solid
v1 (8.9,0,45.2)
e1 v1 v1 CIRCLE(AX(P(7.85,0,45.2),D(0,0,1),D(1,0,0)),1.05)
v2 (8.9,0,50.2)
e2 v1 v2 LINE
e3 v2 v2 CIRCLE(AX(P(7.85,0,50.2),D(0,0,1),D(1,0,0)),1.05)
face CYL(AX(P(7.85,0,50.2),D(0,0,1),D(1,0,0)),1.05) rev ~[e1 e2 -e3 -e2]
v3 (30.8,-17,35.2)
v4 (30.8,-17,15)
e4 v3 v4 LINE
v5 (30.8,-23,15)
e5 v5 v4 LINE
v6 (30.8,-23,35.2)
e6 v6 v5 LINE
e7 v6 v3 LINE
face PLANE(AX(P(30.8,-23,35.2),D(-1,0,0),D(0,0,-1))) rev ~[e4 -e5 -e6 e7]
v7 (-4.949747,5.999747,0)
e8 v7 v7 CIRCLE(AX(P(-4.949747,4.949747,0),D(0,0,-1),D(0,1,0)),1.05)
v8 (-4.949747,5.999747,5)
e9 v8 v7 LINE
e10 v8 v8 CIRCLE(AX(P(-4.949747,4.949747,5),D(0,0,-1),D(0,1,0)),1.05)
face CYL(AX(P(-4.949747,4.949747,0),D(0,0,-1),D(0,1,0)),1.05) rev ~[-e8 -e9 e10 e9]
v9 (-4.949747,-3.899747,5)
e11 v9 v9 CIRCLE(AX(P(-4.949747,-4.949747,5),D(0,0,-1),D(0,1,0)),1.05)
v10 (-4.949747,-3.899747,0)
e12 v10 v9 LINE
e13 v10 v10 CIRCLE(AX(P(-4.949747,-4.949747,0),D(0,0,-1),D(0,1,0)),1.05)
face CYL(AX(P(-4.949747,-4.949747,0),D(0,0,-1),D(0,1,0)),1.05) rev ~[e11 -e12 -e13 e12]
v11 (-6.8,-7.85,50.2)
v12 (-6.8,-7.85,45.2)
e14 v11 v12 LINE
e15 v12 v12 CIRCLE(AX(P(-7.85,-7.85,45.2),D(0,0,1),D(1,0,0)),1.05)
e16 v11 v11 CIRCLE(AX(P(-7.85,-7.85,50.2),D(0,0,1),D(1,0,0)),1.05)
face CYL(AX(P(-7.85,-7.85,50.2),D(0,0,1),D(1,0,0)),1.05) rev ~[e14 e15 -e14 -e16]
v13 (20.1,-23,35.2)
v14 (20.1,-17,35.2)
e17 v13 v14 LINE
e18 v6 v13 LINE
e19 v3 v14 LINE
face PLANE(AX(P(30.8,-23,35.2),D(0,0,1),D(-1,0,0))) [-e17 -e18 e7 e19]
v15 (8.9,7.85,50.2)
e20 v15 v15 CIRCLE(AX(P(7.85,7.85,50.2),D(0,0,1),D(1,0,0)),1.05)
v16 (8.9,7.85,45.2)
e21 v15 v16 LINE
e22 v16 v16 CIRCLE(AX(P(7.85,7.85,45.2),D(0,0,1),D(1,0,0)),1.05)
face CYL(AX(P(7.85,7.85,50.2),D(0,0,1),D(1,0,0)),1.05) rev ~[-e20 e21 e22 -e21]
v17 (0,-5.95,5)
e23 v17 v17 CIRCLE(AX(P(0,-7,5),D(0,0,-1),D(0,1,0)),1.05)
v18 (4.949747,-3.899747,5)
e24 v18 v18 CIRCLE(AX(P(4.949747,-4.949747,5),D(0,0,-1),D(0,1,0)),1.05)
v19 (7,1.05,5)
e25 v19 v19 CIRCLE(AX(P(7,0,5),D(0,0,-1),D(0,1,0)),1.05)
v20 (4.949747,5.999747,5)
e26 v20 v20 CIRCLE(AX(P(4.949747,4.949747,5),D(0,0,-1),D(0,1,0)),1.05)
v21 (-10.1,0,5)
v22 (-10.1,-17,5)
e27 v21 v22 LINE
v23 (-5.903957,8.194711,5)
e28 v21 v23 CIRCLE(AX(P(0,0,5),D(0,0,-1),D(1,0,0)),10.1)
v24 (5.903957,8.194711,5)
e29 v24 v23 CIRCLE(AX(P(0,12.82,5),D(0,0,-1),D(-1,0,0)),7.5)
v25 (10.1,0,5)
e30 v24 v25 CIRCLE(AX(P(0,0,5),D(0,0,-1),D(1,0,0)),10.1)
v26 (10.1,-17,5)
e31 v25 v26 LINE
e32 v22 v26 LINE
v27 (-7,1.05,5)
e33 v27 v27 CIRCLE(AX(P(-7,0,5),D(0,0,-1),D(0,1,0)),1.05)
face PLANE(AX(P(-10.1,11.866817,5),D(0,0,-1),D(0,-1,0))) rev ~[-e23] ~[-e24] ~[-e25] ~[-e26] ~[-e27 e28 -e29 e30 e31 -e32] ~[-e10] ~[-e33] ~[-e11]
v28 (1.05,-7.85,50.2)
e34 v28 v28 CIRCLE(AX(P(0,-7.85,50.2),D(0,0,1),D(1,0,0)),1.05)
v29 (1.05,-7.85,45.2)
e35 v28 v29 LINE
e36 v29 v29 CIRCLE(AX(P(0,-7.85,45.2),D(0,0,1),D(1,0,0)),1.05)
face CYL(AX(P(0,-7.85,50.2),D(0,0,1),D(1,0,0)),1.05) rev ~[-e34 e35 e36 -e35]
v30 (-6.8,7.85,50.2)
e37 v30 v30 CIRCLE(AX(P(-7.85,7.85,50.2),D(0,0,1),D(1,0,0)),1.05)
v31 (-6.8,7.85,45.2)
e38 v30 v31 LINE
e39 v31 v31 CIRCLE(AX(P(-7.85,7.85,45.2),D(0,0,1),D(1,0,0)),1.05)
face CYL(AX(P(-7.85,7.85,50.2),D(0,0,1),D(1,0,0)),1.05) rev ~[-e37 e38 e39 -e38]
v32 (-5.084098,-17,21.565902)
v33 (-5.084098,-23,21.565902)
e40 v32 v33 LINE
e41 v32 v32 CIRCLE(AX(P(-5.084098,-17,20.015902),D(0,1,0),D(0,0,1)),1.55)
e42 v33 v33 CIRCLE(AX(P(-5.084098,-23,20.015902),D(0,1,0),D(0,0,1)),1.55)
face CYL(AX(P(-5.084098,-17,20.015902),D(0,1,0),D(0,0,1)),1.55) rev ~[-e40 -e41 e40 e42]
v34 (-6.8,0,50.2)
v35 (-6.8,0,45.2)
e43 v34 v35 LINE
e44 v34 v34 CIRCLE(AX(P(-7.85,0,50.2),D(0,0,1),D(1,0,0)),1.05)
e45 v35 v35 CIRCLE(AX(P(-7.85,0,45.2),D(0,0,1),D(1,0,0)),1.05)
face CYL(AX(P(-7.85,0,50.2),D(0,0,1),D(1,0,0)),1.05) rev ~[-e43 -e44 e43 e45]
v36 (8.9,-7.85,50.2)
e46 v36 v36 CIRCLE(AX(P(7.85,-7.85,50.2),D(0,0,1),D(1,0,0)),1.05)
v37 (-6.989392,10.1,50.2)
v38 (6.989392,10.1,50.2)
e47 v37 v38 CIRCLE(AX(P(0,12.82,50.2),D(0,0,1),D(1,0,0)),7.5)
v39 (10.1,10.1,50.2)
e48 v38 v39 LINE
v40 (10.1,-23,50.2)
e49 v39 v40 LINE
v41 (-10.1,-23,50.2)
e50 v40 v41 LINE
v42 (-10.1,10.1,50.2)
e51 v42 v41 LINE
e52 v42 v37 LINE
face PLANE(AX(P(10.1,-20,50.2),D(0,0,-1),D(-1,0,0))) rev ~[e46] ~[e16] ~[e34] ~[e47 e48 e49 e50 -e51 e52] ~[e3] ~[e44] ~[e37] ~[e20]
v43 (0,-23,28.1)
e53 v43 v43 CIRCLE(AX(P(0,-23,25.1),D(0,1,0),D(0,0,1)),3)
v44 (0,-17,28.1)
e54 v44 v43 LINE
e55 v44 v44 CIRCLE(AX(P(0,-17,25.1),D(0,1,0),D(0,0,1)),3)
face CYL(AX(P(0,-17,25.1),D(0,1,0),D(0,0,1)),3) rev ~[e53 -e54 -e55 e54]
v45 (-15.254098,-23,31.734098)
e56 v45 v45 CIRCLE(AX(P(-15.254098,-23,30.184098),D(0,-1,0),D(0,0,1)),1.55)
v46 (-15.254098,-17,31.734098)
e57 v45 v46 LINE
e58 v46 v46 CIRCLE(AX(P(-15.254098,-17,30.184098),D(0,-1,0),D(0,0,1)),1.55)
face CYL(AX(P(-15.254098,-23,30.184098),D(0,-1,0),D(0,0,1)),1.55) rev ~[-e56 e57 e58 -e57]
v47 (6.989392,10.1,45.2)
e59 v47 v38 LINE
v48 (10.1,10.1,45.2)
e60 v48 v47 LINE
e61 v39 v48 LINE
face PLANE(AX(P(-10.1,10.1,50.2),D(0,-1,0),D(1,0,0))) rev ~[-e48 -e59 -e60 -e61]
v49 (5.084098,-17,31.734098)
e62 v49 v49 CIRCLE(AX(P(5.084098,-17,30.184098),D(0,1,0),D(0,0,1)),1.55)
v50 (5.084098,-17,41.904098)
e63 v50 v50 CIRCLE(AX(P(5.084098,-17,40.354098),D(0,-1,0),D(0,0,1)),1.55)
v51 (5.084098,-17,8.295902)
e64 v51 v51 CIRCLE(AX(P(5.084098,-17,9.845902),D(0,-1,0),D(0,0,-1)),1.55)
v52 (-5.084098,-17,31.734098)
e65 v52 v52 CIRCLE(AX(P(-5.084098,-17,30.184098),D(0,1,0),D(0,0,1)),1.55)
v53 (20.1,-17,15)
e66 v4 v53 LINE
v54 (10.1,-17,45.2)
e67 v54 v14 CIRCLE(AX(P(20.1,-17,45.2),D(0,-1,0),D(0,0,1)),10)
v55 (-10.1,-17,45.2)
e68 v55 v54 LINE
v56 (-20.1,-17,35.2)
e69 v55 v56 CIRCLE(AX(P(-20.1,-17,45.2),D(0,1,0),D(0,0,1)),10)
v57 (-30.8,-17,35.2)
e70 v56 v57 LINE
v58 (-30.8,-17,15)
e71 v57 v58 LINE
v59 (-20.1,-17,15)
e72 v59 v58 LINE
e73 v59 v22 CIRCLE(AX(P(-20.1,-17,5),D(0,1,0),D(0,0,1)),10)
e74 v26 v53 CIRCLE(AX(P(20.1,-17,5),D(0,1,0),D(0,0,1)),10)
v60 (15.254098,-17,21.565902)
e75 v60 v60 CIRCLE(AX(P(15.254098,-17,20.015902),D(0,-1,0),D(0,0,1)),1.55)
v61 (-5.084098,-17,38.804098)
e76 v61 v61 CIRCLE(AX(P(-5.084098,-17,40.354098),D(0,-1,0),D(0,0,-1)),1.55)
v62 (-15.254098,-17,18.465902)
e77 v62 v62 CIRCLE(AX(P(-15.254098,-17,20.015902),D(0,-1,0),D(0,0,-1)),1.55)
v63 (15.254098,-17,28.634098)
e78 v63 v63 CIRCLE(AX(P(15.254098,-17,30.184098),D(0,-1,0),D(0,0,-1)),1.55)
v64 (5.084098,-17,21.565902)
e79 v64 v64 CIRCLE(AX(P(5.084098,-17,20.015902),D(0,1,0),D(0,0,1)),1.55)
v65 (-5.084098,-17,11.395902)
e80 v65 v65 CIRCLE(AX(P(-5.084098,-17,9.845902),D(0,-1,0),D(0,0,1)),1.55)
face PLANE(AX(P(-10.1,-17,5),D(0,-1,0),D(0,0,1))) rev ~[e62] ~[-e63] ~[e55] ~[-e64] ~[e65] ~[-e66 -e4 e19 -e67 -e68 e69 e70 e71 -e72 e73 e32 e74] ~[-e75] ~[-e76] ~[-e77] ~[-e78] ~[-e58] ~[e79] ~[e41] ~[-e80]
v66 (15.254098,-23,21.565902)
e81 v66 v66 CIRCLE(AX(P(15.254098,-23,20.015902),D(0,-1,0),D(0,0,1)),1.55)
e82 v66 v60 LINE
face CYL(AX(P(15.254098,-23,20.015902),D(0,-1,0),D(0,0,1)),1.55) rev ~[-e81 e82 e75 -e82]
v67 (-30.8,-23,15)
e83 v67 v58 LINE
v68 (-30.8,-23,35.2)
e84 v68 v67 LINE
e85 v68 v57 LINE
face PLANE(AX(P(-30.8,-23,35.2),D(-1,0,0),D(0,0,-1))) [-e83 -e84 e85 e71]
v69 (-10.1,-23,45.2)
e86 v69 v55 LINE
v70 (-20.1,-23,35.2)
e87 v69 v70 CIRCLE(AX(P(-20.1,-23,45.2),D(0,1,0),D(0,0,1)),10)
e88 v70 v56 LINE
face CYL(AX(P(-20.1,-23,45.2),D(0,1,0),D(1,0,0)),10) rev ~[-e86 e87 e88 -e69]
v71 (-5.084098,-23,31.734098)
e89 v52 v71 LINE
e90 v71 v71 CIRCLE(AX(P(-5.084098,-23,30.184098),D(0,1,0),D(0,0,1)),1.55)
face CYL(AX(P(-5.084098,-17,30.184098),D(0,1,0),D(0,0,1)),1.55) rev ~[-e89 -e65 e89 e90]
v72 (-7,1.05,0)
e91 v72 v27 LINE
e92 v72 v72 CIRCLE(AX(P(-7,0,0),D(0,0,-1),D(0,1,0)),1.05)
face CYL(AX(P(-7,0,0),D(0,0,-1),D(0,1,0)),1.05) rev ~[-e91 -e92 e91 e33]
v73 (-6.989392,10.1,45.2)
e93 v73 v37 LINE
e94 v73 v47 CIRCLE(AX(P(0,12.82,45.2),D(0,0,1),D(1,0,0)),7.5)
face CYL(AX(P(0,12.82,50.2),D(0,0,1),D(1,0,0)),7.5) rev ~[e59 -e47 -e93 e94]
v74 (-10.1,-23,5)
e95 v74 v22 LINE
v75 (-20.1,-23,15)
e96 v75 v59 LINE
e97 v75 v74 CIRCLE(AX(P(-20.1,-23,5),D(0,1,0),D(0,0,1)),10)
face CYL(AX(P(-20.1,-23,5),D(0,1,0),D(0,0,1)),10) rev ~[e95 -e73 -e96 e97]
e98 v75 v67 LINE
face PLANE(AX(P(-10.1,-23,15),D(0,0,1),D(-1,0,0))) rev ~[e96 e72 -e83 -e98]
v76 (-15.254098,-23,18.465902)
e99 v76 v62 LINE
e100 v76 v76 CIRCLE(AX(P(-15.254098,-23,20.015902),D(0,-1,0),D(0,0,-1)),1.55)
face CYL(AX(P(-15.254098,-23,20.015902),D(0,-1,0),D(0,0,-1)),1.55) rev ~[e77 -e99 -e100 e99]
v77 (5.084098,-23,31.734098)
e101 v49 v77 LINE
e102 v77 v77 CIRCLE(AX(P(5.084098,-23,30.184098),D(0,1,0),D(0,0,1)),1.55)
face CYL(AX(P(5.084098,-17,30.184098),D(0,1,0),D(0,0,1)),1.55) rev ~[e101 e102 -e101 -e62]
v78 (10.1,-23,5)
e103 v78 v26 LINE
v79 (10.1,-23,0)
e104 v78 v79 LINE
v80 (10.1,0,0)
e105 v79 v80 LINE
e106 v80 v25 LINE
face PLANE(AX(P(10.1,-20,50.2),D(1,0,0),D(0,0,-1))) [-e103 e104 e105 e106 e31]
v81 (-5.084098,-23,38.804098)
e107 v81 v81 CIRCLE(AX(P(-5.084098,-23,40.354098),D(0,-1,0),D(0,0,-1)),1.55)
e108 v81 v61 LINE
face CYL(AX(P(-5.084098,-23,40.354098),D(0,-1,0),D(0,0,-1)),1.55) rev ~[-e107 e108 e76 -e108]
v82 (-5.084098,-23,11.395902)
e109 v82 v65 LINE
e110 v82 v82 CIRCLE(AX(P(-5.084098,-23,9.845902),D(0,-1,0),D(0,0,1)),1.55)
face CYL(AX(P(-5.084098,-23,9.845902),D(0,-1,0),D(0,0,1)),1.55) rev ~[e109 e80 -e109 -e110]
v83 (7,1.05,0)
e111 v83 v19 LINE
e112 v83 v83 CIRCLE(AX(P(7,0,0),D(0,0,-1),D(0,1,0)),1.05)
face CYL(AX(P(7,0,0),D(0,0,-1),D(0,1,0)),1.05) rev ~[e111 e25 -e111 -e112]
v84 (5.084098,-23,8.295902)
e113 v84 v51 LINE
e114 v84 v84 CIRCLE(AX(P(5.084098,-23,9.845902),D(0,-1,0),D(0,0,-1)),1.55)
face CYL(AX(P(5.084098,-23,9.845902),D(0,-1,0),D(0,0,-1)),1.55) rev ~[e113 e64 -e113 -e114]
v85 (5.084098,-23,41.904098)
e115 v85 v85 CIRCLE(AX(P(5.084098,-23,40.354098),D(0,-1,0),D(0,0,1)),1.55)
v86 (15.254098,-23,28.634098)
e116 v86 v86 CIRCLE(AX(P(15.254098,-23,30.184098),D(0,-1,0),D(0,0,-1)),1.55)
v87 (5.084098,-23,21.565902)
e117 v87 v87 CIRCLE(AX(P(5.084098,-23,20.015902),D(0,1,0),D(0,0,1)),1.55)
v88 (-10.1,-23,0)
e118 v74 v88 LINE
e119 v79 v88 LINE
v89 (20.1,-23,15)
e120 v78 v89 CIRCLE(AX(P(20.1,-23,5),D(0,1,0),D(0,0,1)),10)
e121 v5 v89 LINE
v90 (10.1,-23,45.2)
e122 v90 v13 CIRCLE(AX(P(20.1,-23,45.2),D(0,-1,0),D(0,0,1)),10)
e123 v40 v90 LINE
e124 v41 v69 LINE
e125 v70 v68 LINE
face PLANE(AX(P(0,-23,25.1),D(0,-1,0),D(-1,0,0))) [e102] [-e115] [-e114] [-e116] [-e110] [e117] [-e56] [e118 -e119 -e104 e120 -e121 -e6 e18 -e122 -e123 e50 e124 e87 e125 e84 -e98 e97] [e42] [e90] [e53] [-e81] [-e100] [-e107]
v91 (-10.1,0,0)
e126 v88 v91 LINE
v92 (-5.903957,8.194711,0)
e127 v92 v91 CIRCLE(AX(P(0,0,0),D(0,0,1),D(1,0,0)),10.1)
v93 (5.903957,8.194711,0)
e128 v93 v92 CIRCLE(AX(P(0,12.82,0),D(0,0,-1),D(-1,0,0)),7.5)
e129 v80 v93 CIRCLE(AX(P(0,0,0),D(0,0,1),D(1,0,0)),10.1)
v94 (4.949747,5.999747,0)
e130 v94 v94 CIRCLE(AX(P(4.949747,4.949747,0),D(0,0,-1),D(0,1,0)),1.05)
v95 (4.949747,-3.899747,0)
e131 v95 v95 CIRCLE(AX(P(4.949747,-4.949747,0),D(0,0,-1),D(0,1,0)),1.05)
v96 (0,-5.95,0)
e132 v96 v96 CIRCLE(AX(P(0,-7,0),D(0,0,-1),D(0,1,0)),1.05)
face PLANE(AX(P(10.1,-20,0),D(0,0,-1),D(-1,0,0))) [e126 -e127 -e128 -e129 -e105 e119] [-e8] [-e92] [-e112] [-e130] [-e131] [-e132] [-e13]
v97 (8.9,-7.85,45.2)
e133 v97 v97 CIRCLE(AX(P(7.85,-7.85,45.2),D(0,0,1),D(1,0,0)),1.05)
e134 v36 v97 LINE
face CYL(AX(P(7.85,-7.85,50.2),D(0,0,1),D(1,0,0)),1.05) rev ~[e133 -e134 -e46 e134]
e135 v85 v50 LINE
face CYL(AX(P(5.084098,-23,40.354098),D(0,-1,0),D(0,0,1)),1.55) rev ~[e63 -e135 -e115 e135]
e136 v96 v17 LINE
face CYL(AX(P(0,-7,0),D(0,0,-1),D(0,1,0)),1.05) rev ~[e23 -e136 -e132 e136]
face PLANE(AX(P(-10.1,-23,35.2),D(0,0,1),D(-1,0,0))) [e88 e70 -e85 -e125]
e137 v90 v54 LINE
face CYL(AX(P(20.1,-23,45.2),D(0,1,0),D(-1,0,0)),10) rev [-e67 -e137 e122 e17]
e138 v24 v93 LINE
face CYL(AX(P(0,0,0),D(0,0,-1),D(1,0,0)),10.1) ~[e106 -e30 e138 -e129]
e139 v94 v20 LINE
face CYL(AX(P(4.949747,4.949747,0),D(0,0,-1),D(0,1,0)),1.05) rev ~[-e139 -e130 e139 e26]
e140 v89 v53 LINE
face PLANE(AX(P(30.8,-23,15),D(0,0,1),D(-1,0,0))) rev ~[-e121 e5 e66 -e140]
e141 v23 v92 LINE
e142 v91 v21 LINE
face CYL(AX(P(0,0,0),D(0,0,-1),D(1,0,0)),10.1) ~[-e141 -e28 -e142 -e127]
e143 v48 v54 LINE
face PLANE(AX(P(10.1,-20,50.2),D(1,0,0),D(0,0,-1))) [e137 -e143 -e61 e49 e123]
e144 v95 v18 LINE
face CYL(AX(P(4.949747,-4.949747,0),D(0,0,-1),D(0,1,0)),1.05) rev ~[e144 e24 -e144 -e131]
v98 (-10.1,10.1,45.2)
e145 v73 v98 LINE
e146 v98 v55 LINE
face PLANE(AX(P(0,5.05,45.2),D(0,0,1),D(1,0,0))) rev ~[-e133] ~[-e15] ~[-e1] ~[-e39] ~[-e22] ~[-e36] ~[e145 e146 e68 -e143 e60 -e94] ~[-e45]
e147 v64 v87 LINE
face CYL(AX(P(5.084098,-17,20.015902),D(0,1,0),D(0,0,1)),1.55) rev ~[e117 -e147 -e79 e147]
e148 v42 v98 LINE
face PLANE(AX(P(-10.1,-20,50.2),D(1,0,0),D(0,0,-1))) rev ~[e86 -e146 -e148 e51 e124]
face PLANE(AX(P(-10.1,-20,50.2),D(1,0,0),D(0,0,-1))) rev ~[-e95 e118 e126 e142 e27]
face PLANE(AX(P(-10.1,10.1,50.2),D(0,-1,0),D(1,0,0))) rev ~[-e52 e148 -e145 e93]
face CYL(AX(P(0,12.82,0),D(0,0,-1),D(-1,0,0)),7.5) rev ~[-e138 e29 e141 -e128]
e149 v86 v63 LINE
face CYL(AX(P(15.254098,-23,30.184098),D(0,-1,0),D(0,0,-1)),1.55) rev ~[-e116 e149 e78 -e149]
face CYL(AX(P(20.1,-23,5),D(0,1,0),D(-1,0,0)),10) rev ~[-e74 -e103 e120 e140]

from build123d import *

# Parameters (mm, degrees)
BOSS_EXTRUDE1_DEPTH = 50.2
CUT_EXTRUDE2_DEPTH  = 44.2
SKETCH3_W           = 20.2
SKETCH3_H           = 10.1
BOSS_EXTRUDE2_DEPTH = 5
SKETCH4_R           = 1.05
CUT_EXTRUDE3_DEPTH  = 11
SKETCH5_R           = 4
SKETCH5_R_2         = 7.5
CUT_EXTRUDE4_DEPTH  = 11
SKETCH6_R           = 4
BOSS_EXTRUDE3_DEPTH = 5
SKETCH7_R           = 4
SKETCH7_R_2         = 1.05
CUT_EXTRUDE5_DEPTH  = 16
SKETCH8_R           = 7.5
CUT_EXTRUDE6_DEPTH  = 11
SKETCH9_R           = 4
BOSS_EXTRUDE4_DEPTH = 5
SKETCH11_W          = 20.2
SKETCH11_H          = 50.2
BOSS_EXTRUDE5_DEPTH = 3
SKETCH12_R          = 3
SKETCH12_R_2        = 1.55
CUT_EXTRUDE8_DEPTH  = 23
SKETCH13_W          = 20.7
SKETCH13_H          = 20.2
BOSS_EXTRUDE6_DEPTH = 6
SKETCH14_R          = 1.55
CUT_EXTRUDE9_DEPTH  = 6
SKETCH15_R          = 1.55
CUT_EXTRUDE10_DEPTH = 6
FILLET1_R           = 10
FILLET2_R           = 10
FILLET3_R           = 10


with BuildPart() as part:
    # Sketch1 → Boss-Extrude1 (new body)
    with BuildSketch(Plane.XY):
        with BuildLine():
            Line((-10.1, 0), (-10.1, -20))
            Line((-10.1, -20), (10.1, -20))
            Line((10.1, -20), (10.1, 0))
            ThreePointArc((10.1, 0), (0, 10.1), (-10.1, 0))
        make_face()
    extrude(amount=BOSS_EXTRUDE1_DEPTH)

    # Sketch2 → Cut-Extrude2 (cut)
    with BuildSketch(Plane.ZY.offset(10.1)):
        Polygon((5, -10), (5, -17), (45.2, -17), (45.2, -10), (45.2, 11.866817026), (5, 11.866817026), align=None)
    extrude(amount=-CUT_EXTRUDE2_DEPTH, mode=Mode.SUBTRACT)

    # Sketch3 → Boss-Extrude2 (add)
    with BuildSketch(Plane.XY.offset(50.2)):
        with Locations((0, 5.05)):
            Rectangle(SKETCH3_W, SKETCH3_H)
    extrude(amount=-BOSS_EXTRUDE2_DEPTH)

    # Sketch4 → Cut-Extrude3 (cut, symmetric)
    with BuildSketch(Plane.XY.offset(50.2)):
        with Locations((-7.85, 7.85)):
            Circle(SKETCH4_R)
        with Locations((7.85, 7.85)):
            Circle(SKETCH4_R)
        with Locations((-7.85, -7.85)):
            Circle(SKETCH4_R)
        with Locations((7.85, -7.85)):
            Circle(SKETCH4_R)
        with Locations((0, 7.85)):
            Circle(SKETCH4_R)
        with Locations((0, -7.85)):
            Circle(SKETCH4_R)
        with Locations((-7.85, 0)):
            Circle(SKETCH4_R)
        with Locations((7.85, 0)):
            Circle(SKETCH4_R)
    extrude(amount=CUT_EXTRUDE3_DEPTH, both=True, mode=Mode.SUBTRACT)

    # Sketch5 → Cut-Extrude4 (cut, symmetric)
    with BuildSketch(Plane.XY.offset(50.2)):
        Circle(SKETCH5_R)
        with Locations((0, 12.82)):
            Circle(SKETCH5_R_2)
    extrude(amount=CUT_EXTRUDE4_DEPTH, both=True, mode=Mode.SUBTRACT)

    # Sketch6 → Boss-Extrude3 (add)
    with BuildSketch(Plane.XY.offset(50.2)):
        Circle(SKETCH6_R)
    extrude(amount=-BOSS_EXTRUDE3_DEPTH)

    # Sketch7 → Cut-Extrude5 (cut, symmetric)
    with BuildSketch(Plane(origin=(0, 0, 0), x_dir=(-1, 0, 0), z_dir=(0, 0, -1))):
        with Locations(Location((0, 0, 0), (0, 0, 90))):
            Circle(SKETCH7_R)
        with Locations(Location((0, 7, 0), (0, 0, 90))):
            Circle(SKETCH7_R_2)
        with Locations(Location((-4.949747468, 4.949747468, 0), (0, 0, 90))):
            Circle(SKETCH7_R_2)
        with Locations(Location((-7, 0, 0), (0, 0, 90))):
            Circle(SKETCH7_R_2)
        with Locations(Location((-4.949747468, -4.949747468, 0), (0, 0, 90))):
            Circle(SKETCH7_R_2)
        with Locations(Location((0, -7, 0), (0, 0, 90))):
            Circle(SKETCH7_R_2)
        with Locations(Location((4.949747468, -4.949747468, 0), (0, 0, 90))):
            Circle(SKETCH7_R_2)
        with Locations(Location((7, 0, 0), (0, 0, 90))):
            Circle(SKETCH7_R_2)
        with Locations(Location((4.949747468, 4.949747468, 0), (0, 0, 90))):
            Circle(SKETCH7_R_2)
    extrude(amount=CUT_EXTRUDE5_DEPTH, both=True, mode=Mode.SUBTRACT)

    # Sketch8 → Cut-Extrude6 (cut, symmetric)
    with BuildSketch(Plane(origin=(0, 0, 0), x_dir=(-1, 0, 0), z_dir=(0, 0, -1))):
        with Locations((0, 12.82)):
            Circle(SKETCH8_R)
    extrude(amount=CUT_EXTRUDE6_DEPTH, both=True, mode=Mode.SUBTRACT)

    # Sketch9 → Boss-Extrude4 (add)
    with BuildSketch(Plane(origin=(0, 0, 0), x_dir=(-1, 0, 0), z_dir=(0, 0, -1))):
        Circle(SKETCH9_R)
    extrude(amount=-BOSS_EXTRUDE4_DEPTH)

    # Sketch11 → Boss-Extrude5 (add)
    with BuildSketch(Plane(origin=(0, -20, 0), x_dir=(-1, 0, 0), z_dir=(0, -1, 0))):
        with Locations((0, -25.1)):
            Rectangle(SKETCH11_W, SKETCH11_H)
    extrude(amount=BOSS_EXTRUDE5_DEPTH)

    # Sketch12 → Cut-Extrude8 (cut)
    with BuildSketch(Plane(origin=(0, -17, 0), x_dir=(1, 0, 0), z_dir=(0, 1, 0))):
        with Locations(Location((0, -25.1, 0), (0, 0, 270))):
            Circle(SKETCH12_R)
        with Locations(Location((-5.084097757, -20.015902243, 0), (0, 0, 270))):
            Circle(SKETCH12_R_2)
        with Locations(Location((5.084097757, -20.015902243, 0), (0, 0, 270))):
            Circle(SKETCH12_R_2)
        with Locations(Location((5.084097757, -30.184097757, 0), (0, 0, 270))):
            Circle(SKETCH12_R_2)
        with Locations(Location((-5.084097757, -30.184097757, 0), (0, 0, 270))):
            Circle(SKETCH12_R_2)
    extrude(amount=-CUT_EXTRUDE8_DEPTH, mode=Mode.SUBTRACT)

    # Sketch13 → Boss-Extrude6 (add)
    with BuildSketch(Plane(origin=(0, -23, 0), x_dir=(-1, 0, 0), z_dir=(0, -1, 0))):
        with Locations((20.45, -25.1)):
            Rectangle(SKETCH13_W, SKETCH13_H)
        with Locations((-20.45, -25.1)):
            Rectangle(SKETCH13_W, SKETCH13_H)
    extrude(amount=-BOSS_EXTRUDE6_DEPTH)

    # Sketch14 → Cut-Extrude9 (cut)
    with BuildSketch(Plane.XZ.offset(23)):
        with Locations(Location((-15.254097757, 20.015902243, 0), (0, 0, 270))):
            Circle(SKETCH14_R)
        with Locations(Location((-15.254097757, 30.184097757, 0), (0, 0, 90))):
            Circle(SKETCH14_R)
        with Locations(Location((15.254097757, 30.184097757, 0), (0, 0, 270))):
            Circle(SKETCH14_R)
        with Locations(Location((15.254097757, 20.015902243, 0), (0, 0, 90))):
            Circle(SKETCH14_R)
    extrude(amount=-CUT_EXTRUDE9_DEPTH, mode=Mode.SUBTRACT)

    # Sketch15 → Cut-Extrude10 (cut)
    with BuildSketch(Plane(origin=(0, -23, 0), x_dir=(-1, 0, 0), z_dir=(0, -1, 0))):
        with Locations(Location((-5.084097757, -9.845902243, 0), (0, 0, 90))):
            Circle(SKETCH15_R)
        with Locations(Location((5.084097757, -9.845902243, 0), (0, 0, 270))):
            Circle(SKETCH15_R)
        with Locations(Location((-5.084097757, -40.354097757, 0), (0, 0, 270))):
            Circle(SKETCH15_R)
        with Locations(Location((5.084097757, -40.354097757, 0), (0, 0, 90))):
            Circle(SKETCH15_R)
    extrude(amount=-CUT_EXTRUDE10_DEPTH, mode=Mode.SUBTRACT)

    # Fillet1
    fillet1_edges = [part.edges().sort_by_distance(p)[0] for p in [
        (-10.1, -20, 35.2),
    ]]
    fillet(fillet1_edges, radius=FILLET1_R)

    # Fillet2
    fillet2_edges = [part.edges().sort_by_distance(p)[0] for p in [
        (-10.1, -20, 15),
    ]]
    fillet(fillet2_edges, radius=FILLET2_R)

    # Fillet3
    fillet3_edges = [part.edges().sort_by_distance(p)[0] for p in [
        (10.1, -20, 35.2),
        (10.1, -20, 15),
    ]]
    fillet(fillet3_edges, radius=FILLET3_R)


solid = part.part
